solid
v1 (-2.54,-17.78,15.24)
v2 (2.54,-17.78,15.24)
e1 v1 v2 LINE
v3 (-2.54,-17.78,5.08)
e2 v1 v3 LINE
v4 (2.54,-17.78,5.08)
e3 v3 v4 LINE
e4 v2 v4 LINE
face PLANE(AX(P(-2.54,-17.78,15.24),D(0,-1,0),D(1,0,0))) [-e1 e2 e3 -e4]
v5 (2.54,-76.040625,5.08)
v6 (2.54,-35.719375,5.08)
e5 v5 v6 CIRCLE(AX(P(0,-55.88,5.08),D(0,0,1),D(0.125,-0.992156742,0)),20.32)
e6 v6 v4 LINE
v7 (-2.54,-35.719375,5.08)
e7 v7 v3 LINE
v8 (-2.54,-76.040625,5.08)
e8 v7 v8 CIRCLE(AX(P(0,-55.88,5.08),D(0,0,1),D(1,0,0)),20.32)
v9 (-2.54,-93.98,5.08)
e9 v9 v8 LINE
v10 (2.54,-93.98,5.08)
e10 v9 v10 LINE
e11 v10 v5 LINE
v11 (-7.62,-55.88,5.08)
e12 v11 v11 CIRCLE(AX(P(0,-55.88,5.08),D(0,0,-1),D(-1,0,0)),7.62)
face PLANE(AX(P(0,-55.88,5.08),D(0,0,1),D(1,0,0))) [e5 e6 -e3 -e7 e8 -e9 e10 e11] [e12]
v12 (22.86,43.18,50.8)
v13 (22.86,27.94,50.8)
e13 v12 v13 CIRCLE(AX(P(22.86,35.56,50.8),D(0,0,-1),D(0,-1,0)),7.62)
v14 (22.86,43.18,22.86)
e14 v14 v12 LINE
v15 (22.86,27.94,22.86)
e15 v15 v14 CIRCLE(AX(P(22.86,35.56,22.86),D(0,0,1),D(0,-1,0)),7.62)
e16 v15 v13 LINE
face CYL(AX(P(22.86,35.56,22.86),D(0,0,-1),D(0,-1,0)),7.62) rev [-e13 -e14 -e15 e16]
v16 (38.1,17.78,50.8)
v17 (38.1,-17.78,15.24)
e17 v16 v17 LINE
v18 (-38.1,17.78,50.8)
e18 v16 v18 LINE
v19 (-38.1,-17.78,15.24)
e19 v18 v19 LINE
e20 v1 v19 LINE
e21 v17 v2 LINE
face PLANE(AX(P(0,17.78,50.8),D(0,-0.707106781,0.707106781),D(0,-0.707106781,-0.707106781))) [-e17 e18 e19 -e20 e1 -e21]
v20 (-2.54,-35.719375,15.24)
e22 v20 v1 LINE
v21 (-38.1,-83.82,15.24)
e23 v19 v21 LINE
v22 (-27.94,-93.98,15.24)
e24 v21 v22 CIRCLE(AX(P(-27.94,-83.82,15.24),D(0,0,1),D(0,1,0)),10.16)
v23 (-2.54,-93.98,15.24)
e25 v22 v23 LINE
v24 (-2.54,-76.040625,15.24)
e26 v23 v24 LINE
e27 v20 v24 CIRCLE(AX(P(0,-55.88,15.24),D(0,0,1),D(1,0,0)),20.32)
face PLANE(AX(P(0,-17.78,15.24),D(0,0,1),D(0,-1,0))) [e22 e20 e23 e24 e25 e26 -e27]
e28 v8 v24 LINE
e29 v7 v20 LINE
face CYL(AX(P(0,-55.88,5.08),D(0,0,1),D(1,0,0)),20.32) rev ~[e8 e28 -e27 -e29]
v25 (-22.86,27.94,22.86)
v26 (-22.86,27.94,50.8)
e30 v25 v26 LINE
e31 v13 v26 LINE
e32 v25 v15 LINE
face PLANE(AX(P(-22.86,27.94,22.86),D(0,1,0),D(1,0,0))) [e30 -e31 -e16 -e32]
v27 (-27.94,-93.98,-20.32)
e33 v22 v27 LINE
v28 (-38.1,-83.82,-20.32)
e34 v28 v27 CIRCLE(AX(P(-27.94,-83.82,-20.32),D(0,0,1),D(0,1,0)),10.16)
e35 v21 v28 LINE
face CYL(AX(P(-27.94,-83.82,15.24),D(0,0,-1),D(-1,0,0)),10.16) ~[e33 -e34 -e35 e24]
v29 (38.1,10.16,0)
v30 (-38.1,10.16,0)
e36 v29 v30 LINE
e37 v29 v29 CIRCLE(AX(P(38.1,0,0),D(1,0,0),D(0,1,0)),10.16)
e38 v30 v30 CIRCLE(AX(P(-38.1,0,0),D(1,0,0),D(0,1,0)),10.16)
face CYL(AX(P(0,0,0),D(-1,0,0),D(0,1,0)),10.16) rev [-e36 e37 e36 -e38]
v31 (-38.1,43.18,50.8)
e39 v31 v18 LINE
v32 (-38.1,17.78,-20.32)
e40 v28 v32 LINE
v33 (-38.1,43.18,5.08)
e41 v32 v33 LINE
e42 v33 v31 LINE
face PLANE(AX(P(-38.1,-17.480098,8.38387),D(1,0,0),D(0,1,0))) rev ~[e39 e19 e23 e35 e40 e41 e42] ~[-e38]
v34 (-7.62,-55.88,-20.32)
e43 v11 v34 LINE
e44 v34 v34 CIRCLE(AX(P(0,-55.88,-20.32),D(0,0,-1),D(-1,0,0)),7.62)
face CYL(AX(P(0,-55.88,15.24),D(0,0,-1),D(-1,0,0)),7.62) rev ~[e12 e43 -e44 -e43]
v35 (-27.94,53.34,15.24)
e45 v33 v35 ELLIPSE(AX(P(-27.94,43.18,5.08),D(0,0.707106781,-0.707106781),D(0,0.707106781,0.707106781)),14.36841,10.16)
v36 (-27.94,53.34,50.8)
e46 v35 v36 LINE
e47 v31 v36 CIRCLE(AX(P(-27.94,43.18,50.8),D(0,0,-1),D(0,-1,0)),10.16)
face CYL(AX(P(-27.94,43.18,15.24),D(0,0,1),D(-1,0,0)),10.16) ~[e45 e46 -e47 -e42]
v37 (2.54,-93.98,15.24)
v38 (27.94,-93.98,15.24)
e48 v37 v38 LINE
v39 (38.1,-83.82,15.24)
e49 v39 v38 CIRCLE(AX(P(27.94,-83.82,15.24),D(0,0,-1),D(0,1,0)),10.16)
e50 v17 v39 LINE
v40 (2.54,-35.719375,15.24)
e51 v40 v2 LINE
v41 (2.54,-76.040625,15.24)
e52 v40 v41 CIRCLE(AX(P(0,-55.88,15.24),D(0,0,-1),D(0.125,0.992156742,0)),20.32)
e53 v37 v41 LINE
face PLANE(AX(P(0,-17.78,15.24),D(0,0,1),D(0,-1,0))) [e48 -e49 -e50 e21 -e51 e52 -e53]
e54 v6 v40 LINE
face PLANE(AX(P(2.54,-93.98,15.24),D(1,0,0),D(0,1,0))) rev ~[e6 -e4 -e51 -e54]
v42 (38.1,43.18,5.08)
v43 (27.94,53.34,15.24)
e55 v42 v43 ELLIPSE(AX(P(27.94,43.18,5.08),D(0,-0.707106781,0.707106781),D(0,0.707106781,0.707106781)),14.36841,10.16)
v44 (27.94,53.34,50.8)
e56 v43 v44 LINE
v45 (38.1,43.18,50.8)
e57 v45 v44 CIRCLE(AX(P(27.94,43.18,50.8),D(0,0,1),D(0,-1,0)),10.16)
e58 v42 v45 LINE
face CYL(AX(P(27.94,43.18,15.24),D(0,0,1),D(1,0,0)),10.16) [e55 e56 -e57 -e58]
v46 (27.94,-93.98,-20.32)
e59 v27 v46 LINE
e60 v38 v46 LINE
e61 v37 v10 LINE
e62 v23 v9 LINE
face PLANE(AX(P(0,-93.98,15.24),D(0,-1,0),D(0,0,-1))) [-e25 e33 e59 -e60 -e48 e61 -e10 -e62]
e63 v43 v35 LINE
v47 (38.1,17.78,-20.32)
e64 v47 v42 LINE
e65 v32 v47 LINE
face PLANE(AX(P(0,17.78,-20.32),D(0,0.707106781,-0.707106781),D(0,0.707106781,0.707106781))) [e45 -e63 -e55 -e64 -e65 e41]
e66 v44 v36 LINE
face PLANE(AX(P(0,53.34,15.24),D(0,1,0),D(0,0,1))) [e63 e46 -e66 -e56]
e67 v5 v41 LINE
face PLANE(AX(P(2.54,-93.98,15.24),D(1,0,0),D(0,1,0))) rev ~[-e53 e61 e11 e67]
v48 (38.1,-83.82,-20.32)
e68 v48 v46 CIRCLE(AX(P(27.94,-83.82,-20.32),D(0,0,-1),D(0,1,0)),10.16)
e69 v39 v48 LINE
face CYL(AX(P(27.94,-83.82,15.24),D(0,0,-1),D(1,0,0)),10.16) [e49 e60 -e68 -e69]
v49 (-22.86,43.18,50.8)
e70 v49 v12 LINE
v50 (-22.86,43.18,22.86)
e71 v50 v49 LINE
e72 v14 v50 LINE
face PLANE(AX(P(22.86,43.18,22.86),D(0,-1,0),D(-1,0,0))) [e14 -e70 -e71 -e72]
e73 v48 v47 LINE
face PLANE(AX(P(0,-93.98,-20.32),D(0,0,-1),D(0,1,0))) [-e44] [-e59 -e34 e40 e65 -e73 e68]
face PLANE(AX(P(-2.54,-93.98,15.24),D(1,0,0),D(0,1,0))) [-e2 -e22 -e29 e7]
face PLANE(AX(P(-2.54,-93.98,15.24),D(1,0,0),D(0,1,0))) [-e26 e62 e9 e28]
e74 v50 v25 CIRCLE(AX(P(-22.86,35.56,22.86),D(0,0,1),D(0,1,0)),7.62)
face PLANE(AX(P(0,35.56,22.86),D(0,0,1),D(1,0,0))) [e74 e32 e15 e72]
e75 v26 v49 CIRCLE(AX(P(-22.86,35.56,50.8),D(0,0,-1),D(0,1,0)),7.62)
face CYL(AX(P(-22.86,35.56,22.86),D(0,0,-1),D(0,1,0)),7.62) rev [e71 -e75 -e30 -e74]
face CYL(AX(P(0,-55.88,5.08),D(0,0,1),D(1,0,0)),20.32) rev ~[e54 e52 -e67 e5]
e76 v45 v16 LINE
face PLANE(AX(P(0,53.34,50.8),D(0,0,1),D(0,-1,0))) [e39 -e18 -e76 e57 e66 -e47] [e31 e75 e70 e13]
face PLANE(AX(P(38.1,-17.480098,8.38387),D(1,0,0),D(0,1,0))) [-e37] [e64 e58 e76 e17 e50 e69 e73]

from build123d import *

# Parameters (mm, degrees)
F0_R           = 10.16
F1_DEPTH       = 38.1
F3_START       = 7.62
F3_DEPTH       = 27.941
F4_D           = 15.24
F4_CBORE_D     = 40.64
F4_CBORE_DEPTH = 10.16
F2_W           = 5.08
F2_H           = 76.2
F5_DEPTH       = 10.16
F6_R           = 10.16


with BuildPart() as f1:
    # F0 (on Right) → F1 (new body, symmetric)
    with BuildSketch(Plane.YZ):
        Polygon((-17.78, 15.24), (-93.98, 15.24), (-93.98, -20.32), (17.78, -20.32), (53.34, 15.24), (53.34, 50.8), (17.78, 50.8), align=None)
        Circle(F0_R, mode=Mode.SUBTRACT)
    extrude(amount=F1_DEPTH, both=True)

    # F2 (on face) → F3 (cut)
    with BuildSketch(Plane.XY.offset(15.24).offset(F3_START)):
        with BuildLine():
            Line((22.86, 43.18), (-22.86, 43.18))
            ThreePointArc((-22.86, 43.18), (-30.48, 35.56), (-22.86, 27.94))
            Line((-22.86, 27.94), (22.86, 27.94))
            ThreePointArc((22.86, 27.94), (30.48, 35.56), (22.86, 43.18))
        make_face()
    extrude(amount=F3_DEPTH, mode=Mode.SUBTRACT)

    # F4 (through all)
    with Locations(Plane.XY.offset(15.24)):
        with Locations((0, -55.88)):
            CounterBoreHole(F4_D / 2, F4_CBORE_D / 2, F4_CBORE_DEPTH)

    # F2 (on face) → F5 (cut)
    with BuildSketch(Plane.XY.offset(15.24)):
        with Locations((0, -55.88)):
            Rectangle(F2_W, F2_H)
    extrude(amount=-F5_DEPTH, mode=Mode.SUBTRACT)

    # F6
    f6_edges = [f1.edges().sort_by_distance(p)[0] for p in [
        (38.1, -93.98, -2.54),
        (-38.1, -93.98, -2.54),
        (38.1, 53.34, 33.02),
        (-38.1, 53.34, 33.02),
    ]]
    fillet(f6_edges, radius=F6_R)


solid = f1.part
